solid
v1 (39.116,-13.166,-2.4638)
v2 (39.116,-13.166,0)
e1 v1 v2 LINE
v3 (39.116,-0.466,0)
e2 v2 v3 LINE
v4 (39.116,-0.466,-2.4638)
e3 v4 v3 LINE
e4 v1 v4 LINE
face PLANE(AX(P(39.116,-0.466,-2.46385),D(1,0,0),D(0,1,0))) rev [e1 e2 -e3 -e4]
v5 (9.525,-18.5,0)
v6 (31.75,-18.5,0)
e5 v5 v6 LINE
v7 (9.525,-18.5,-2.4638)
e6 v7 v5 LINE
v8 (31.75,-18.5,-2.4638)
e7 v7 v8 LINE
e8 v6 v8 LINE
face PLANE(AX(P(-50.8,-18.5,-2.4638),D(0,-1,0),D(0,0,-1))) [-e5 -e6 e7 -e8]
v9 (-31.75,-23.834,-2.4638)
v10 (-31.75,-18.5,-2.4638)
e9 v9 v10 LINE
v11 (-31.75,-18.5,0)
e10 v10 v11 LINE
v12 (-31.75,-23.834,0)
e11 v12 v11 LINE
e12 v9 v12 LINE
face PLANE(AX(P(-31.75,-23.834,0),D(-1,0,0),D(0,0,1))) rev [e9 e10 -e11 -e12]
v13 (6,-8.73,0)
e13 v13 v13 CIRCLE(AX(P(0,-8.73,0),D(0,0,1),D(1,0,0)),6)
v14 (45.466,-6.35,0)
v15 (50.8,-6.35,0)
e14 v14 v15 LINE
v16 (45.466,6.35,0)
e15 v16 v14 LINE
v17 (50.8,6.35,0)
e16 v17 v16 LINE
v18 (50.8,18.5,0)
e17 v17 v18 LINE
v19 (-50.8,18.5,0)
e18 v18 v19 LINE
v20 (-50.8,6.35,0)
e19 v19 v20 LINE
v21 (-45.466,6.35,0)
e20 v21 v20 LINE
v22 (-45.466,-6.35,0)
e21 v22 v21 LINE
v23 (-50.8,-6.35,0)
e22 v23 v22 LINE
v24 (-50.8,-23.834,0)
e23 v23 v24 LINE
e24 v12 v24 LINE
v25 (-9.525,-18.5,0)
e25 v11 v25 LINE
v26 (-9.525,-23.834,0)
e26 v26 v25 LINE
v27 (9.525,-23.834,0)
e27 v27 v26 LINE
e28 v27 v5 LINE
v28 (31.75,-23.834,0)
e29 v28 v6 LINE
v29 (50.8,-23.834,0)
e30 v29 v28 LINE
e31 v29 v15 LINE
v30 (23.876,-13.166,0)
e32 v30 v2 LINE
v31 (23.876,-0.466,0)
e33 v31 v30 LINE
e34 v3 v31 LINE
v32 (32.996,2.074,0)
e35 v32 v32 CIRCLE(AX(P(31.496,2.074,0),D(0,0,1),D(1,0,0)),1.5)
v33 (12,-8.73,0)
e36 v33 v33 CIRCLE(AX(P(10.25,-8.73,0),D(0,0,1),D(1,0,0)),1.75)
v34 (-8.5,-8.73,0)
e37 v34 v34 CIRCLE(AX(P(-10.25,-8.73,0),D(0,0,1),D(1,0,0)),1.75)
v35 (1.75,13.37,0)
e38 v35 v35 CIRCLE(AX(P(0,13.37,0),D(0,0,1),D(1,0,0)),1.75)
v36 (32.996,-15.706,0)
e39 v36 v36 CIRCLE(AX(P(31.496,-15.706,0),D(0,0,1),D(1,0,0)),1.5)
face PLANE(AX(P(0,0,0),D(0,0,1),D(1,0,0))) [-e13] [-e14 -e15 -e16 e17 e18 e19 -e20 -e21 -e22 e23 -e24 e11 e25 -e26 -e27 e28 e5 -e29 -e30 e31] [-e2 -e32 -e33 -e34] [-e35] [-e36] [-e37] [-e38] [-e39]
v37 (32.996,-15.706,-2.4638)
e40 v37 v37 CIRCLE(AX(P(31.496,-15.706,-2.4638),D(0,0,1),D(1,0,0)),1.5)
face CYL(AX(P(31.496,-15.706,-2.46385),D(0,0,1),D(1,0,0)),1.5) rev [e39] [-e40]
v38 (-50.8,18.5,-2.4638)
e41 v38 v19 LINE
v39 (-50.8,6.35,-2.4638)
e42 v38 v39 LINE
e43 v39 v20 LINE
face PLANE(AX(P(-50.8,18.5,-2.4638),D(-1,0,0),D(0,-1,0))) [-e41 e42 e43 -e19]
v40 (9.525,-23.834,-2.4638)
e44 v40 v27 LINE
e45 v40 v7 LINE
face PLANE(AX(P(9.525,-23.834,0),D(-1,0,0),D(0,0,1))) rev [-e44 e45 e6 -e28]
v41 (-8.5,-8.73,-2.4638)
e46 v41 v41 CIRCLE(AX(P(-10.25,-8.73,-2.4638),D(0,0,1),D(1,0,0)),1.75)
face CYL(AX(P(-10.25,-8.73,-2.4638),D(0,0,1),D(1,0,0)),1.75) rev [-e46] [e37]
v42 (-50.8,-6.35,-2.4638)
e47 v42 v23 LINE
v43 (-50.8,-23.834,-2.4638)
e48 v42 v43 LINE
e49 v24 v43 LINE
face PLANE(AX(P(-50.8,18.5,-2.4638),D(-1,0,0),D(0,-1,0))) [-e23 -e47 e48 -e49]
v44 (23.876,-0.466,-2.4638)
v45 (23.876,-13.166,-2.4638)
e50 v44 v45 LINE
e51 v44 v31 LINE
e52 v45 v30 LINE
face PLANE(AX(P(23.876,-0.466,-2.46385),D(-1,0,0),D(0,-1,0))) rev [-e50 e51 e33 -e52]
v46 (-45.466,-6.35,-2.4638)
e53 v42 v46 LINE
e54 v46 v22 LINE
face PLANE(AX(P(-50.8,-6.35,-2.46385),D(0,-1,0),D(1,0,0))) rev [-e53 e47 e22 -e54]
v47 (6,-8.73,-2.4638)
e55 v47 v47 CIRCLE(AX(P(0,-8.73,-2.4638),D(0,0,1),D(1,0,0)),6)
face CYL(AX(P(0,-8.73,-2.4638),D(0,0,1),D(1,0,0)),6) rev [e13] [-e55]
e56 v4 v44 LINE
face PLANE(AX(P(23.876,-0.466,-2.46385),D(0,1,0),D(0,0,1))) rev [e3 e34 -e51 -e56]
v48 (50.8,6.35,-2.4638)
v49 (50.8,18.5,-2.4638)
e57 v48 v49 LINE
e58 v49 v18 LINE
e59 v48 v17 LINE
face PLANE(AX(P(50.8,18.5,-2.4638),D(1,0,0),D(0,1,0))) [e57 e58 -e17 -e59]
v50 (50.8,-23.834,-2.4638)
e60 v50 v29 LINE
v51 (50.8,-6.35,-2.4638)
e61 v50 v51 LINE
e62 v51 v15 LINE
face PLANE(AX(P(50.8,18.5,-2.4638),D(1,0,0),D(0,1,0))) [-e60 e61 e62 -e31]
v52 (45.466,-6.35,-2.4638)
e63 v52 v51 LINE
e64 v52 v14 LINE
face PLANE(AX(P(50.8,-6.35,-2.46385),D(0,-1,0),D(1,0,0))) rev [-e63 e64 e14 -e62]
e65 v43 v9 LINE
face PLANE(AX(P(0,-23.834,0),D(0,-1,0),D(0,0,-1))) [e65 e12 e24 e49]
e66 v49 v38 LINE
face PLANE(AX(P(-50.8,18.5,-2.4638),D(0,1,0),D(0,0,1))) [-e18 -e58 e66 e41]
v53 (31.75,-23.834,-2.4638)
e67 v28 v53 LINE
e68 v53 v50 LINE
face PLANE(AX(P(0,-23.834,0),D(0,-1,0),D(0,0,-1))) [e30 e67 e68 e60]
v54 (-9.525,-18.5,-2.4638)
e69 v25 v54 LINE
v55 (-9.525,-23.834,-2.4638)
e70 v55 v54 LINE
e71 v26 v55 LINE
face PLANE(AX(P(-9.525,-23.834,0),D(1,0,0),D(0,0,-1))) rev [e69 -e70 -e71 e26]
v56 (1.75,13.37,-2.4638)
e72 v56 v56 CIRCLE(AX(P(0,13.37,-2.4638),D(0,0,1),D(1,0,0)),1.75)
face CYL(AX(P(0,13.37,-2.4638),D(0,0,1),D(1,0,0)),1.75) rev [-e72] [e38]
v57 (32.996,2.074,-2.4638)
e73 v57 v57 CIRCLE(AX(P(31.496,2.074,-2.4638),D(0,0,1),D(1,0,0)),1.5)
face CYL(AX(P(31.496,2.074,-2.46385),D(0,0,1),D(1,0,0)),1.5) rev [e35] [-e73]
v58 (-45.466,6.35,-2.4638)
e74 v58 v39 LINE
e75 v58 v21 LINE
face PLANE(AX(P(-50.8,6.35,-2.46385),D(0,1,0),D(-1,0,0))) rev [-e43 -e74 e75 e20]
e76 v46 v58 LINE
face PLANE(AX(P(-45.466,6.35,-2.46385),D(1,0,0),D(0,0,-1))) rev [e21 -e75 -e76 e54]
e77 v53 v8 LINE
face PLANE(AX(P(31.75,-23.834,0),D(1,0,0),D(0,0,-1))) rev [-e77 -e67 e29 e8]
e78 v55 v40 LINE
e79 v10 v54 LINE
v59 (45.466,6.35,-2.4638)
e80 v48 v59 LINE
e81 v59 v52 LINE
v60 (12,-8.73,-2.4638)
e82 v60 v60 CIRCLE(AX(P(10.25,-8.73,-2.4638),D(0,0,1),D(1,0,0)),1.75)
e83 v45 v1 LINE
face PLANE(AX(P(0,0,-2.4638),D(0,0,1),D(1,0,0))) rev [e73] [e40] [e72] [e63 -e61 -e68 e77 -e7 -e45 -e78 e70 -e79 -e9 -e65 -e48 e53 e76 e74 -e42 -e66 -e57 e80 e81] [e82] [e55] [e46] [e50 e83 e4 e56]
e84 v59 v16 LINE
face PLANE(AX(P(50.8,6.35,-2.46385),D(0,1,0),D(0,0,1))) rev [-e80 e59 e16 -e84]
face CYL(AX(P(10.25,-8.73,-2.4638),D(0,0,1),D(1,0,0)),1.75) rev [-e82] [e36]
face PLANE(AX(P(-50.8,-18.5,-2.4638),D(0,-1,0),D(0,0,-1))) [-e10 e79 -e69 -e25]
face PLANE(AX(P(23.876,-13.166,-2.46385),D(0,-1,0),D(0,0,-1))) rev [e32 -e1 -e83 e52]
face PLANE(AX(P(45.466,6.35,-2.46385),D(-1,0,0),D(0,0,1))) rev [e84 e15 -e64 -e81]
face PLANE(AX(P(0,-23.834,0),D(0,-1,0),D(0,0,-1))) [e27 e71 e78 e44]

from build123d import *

# Parameters (mm, degrees)
SKETCH1_W            = 101.6
SKETCH1_H            = 37
BASE_SHAPE_DEPTH     = 2.4638
SKETCH2_R            = 6
SKETCH2_R_2          = 1.75
MOTOR_HOLES_DEPTH    = 55.11986983
SKETCH4_W            = 19.05
SKETCH4_H            = 2.4638
BOTTOM_TEETH_DEPTH   = 5.334
SKETCH5_W            = 5.334
SKETCH5_H            = 12.7
SIDE_SLOTS_DEPTH     = 57.167338075
SKETCH7_W            = 15.24
SKETCH7_H            = 12.7
ENCODER_CUTOUT_DEPTH = 72.809068434
SKETCH8_R            = 1.5
ENCODER_MOUNTS_DEPTH = 57.167338075


with BuildPart() as part:
    # Sketch1 → Base Shape (new body)
    with BuildSketch(Plane.XY):
        Rectangle(SKETCH1_W, SKETCH1_H)
    extrude(amount=-BASE_SHAPE_DEPTH)

    # Sketch2 → Motor Holes (cut, through all)
    with BuildSketch(Plane.XY):
        with Locations((0, -8.73)):
            Circle(SKETCH2_R)
        with Locations((-10.25, -8.73)):
            Circle(SKETCH2_R_2)
        with Locations((10.25, -8.73)):
            Circle(SKETCH2_R_2)
        with Locations((0, 13.369999996)):
            Circle(SKETCH2_R_2)
    extrude(amount=-MOTOR_HOLES_DEPTH, mode=Mode.SUBTRACT)

    # Sketch4 → Bottom teeth (add)
    with BuildSketch(Plane.XZ.offset(18.5)):
        with Locations((-41.275, -1.2319)):
            Rectangle(SKETCH4_W, SKETCH4_H)
        with Locations((0, -1.2319)):
            Rectangle(SKETCH4_W, SKETCH4_H)
        with Locations((41.275, -1.2319)):
            Rectangle(SKETCH4_W, SKETCH4_H)
    extrude(amount=BOTTOM_TEETH_DEPTH)

    # Sketch5 → Side Slots (cut, through all)
    with BuildSketch(Plane.XY):
        with Locations((48.133, 0)):
            Rectangle(SKETCH5_W, SKETCH5_H)
        with Locations((-48.133, 0)):
            Rectangle(SKETCH5_W, SKETCH5_H)
    extrude(amount=-SIDE_SLOTS_DEPTH, mode=Mode.SUBTRACT)

    # Sketch7 → Encoder Cutout (cut, through all)
    with BuildSketch(Plane(origin=(16.243120564, -7.106483242, 0), x_dir=(1, 0, 0), z_dir=(0, 0, 1))):
        with Locations((15.252879436, 0.290483242)):
            Rectangle(SKETCH7_W, SKETCH7_H)
    extrude(amount=-ENCODER_CUTOUT_DEPTH, mode=Mode.SUBTRACT)

    # Sketch8 → Encoder Mounts (cut, through all)
    with BuildSketch(Plane.XY):
        with Locations((31.496, 2.074)):
            Circle(SKETCH8_R)
        with Locations((31.496, -15.706)):
            Circle(SKETCH8_R)
    extrude(amount=-ENCODER_MOUNTS_DEPTH, mode=Mode.SUBTRACT)


solid = part.part
